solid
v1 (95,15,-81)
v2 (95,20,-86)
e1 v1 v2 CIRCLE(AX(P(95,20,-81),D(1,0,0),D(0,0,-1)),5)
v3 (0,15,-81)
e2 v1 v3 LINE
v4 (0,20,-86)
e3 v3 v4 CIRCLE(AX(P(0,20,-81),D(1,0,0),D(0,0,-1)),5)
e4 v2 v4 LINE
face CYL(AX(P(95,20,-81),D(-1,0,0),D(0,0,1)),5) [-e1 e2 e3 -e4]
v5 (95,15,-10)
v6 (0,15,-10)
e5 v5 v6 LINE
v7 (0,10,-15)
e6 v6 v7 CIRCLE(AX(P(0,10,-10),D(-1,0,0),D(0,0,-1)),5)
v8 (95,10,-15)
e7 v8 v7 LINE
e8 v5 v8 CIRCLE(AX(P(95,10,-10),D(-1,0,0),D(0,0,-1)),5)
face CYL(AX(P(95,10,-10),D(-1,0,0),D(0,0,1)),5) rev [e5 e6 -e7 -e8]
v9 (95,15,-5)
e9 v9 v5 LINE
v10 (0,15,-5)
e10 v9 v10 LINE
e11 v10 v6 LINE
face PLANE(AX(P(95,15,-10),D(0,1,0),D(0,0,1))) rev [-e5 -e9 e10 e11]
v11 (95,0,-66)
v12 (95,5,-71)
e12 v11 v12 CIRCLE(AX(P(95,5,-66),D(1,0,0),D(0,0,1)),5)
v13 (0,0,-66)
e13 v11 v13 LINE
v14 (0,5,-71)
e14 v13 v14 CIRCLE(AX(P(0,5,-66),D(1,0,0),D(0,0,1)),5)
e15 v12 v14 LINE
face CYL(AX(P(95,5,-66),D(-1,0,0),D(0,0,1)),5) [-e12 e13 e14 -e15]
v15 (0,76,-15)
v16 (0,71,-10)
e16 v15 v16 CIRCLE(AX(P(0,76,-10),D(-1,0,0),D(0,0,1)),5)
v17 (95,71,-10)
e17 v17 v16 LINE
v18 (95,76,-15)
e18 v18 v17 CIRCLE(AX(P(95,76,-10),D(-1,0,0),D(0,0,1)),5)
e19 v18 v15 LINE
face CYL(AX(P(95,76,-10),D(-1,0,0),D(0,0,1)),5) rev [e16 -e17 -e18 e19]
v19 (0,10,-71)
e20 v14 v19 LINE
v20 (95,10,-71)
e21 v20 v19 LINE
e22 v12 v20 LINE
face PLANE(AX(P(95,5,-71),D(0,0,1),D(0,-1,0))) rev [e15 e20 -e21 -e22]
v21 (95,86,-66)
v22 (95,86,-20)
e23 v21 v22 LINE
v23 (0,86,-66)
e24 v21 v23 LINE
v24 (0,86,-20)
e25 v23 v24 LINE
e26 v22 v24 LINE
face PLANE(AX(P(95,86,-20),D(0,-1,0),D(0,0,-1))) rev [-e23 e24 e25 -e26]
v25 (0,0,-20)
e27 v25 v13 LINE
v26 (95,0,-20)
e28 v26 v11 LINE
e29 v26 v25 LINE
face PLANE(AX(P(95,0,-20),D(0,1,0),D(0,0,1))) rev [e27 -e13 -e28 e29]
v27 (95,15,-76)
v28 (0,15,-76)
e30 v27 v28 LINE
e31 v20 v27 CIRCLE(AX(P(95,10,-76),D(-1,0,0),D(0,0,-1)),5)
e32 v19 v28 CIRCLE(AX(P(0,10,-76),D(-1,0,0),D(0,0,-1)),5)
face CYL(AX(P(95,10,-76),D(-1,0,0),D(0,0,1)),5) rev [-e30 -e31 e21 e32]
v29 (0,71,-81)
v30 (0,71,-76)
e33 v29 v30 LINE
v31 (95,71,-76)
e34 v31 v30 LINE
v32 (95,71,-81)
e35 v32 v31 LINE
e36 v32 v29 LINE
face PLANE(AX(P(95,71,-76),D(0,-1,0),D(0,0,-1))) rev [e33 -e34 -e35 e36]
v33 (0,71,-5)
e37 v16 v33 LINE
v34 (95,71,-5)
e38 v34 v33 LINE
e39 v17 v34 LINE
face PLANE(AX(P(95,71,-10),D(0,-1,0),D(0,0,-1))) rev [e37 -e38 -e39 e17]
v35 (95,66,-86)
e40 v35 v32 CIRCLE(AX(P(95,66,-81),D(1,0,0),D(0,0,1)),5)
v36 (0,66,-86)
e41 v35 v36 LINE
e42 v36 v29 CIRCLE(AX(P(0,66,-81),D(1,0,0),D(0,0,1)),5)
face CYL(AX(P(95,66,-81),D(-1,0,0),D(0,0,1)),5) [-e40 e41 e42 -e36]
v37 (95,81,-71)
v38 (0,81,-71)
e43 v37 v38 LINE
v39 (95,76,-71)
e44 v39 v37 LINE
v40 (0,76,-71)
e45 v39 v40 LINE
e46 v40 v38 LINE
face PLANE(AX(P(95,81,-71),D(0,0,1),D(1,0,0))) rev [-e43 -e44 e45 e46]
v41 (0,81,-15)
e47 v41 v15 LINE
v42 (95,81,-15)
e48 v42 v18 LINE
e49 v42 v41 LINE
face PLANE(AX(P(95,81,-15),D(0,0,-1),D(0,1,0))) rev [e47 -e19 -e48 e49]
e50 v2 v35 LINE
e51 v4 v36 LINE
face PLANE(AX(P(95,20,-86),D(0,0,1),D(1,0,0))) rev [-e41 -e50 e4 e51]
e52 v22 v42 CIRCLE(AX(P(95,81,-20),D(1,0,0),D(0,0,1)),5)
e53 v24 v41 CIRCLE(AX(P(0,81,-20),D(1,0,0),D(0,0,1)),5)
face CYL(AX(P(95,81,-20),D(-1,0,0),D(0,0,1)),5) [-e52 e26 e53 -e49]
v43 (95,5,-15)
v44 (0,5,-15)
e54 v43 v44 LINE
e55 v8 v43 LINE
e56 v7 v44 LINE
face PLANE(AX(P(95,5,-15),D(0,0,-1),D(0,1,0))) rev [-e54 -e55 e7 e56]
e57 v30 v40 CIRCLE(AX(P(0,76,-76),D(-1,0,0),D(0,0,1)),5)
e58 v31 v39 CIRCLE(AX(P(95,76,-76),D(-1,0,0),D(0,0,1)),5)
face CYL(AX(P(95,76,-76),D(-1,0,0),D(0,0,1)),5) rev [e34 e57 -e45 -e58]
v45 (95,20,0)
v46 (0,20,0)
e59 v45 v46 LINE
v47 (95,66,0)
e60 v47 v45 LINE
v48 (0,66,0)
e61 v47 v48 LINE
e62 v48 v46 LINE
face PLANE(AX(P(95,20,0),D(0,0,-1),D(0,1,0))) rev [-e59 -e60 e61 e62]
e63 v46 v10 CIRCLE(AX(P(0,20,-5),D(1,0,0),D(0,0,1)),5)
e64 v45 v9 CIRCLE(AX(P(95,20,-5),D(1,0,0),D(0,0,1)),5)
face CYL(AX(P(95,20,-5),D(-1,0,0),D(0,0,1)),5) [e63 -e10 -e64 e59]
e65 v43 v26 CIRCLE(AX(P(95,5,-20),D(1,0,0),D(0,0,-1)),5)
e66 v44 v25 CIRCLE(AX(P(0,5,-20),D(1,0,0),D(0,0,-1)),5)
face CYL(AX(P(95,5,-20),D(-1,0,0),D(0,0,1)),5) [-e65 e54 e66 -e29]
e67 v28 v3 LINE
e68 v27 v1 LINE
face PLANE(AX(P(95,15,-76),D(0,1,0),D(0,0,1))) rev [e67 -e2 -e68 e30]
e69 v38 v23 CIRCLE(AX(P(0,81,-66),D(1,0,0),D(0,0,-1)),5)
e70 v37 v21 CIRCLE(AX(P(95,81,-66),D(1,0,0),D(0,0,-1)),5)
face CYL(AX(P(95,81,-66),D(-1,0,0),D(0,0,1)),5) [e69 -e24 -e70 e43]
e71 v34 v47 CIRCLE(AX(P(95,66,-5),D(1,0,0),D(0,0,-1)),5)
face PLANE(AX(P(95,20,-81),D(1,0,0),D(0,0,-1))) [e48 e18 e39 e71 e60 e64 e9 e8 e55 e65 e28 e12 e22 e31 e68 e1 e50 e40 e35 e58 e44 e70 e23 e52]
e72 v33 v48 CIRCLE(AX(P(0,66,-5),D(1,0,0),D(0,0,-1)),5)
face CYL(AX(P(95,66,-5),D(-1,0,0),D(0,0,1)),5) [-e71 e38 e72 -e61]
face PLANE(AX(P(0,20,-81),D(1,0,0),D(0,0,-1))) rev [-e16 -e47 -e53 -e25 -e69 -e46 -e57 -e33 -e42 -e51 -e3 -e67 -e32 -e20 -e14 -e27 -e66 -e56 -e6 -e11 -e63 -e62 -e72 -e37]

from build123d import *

# Parameters (mm, degrees)
BOSS_EXTRUDE1_DEPTH = 95


with BuildPart() as part:
    # Sketch1 → Boss-Extrude1 (new body)
    with BuildSketch(Plane(origin=(0, 0, 0), x_dir=(0, 0, -1), z_dir=(1, 0, 0))):
        with BuildLine():
            Line((15, 81), (15, 76))
            ThreePointArc((15, 76), (13.535533906, 72.464466094), (10, 71))
            Line((10, 71), (5, 71))
            ThreePointArc((5, 71), (1.464466094, 69.535533906), (0, 66))
            Line((0, 66), (0, 20))
            ThreePointArc((0, 20), (1.464466094, 16.464466094), (5, 15))
            Line((5, 15), (10, 15))
            ThreePointArc((10, 15), (13.535533906, 13.535533906), (15, 10))
            Line((15, 10), (15, 5))
            ThreePointArc((15, 5), (16.464466094, 1.464466094), (20, 0))
            Line((20, 0), (66, 0))
            ThreePointArc((66, 0), (69.535533906, 1.464466094), (71, 5))
            Line((71, 5), (71, 10))
            ThreePointArc((71, 10), (72.464466094, 13.535533906), (76, 15))
            Line((76, 15), (81, 15))
            ThreePointArc((81, 15), (84.535533906, 16.464466094), (86, 20))
            Line((86, 20), (86, 66))
            ThreePointArc((86, 66), (84.535533906, 69.535533906), (81, 71))
            Line((81, 71), (76, 71))
            ThreePointArc((76, 71), (72.464466094, 72.464466094), (71, 76))
            Line((71, 76), (71, 81))
            ThreePointArc((71, 81), (69.535533906, 84.535533906), (66, 86))
            Line((66, 86), (20, 86))
            ThreePointArc((20, 86), (16.464466094, 84.535533906), (15, 81))
        make_face()
    extrude(amount=BOSS_EXTRUDE1_DEPTH)


solid = part.part
